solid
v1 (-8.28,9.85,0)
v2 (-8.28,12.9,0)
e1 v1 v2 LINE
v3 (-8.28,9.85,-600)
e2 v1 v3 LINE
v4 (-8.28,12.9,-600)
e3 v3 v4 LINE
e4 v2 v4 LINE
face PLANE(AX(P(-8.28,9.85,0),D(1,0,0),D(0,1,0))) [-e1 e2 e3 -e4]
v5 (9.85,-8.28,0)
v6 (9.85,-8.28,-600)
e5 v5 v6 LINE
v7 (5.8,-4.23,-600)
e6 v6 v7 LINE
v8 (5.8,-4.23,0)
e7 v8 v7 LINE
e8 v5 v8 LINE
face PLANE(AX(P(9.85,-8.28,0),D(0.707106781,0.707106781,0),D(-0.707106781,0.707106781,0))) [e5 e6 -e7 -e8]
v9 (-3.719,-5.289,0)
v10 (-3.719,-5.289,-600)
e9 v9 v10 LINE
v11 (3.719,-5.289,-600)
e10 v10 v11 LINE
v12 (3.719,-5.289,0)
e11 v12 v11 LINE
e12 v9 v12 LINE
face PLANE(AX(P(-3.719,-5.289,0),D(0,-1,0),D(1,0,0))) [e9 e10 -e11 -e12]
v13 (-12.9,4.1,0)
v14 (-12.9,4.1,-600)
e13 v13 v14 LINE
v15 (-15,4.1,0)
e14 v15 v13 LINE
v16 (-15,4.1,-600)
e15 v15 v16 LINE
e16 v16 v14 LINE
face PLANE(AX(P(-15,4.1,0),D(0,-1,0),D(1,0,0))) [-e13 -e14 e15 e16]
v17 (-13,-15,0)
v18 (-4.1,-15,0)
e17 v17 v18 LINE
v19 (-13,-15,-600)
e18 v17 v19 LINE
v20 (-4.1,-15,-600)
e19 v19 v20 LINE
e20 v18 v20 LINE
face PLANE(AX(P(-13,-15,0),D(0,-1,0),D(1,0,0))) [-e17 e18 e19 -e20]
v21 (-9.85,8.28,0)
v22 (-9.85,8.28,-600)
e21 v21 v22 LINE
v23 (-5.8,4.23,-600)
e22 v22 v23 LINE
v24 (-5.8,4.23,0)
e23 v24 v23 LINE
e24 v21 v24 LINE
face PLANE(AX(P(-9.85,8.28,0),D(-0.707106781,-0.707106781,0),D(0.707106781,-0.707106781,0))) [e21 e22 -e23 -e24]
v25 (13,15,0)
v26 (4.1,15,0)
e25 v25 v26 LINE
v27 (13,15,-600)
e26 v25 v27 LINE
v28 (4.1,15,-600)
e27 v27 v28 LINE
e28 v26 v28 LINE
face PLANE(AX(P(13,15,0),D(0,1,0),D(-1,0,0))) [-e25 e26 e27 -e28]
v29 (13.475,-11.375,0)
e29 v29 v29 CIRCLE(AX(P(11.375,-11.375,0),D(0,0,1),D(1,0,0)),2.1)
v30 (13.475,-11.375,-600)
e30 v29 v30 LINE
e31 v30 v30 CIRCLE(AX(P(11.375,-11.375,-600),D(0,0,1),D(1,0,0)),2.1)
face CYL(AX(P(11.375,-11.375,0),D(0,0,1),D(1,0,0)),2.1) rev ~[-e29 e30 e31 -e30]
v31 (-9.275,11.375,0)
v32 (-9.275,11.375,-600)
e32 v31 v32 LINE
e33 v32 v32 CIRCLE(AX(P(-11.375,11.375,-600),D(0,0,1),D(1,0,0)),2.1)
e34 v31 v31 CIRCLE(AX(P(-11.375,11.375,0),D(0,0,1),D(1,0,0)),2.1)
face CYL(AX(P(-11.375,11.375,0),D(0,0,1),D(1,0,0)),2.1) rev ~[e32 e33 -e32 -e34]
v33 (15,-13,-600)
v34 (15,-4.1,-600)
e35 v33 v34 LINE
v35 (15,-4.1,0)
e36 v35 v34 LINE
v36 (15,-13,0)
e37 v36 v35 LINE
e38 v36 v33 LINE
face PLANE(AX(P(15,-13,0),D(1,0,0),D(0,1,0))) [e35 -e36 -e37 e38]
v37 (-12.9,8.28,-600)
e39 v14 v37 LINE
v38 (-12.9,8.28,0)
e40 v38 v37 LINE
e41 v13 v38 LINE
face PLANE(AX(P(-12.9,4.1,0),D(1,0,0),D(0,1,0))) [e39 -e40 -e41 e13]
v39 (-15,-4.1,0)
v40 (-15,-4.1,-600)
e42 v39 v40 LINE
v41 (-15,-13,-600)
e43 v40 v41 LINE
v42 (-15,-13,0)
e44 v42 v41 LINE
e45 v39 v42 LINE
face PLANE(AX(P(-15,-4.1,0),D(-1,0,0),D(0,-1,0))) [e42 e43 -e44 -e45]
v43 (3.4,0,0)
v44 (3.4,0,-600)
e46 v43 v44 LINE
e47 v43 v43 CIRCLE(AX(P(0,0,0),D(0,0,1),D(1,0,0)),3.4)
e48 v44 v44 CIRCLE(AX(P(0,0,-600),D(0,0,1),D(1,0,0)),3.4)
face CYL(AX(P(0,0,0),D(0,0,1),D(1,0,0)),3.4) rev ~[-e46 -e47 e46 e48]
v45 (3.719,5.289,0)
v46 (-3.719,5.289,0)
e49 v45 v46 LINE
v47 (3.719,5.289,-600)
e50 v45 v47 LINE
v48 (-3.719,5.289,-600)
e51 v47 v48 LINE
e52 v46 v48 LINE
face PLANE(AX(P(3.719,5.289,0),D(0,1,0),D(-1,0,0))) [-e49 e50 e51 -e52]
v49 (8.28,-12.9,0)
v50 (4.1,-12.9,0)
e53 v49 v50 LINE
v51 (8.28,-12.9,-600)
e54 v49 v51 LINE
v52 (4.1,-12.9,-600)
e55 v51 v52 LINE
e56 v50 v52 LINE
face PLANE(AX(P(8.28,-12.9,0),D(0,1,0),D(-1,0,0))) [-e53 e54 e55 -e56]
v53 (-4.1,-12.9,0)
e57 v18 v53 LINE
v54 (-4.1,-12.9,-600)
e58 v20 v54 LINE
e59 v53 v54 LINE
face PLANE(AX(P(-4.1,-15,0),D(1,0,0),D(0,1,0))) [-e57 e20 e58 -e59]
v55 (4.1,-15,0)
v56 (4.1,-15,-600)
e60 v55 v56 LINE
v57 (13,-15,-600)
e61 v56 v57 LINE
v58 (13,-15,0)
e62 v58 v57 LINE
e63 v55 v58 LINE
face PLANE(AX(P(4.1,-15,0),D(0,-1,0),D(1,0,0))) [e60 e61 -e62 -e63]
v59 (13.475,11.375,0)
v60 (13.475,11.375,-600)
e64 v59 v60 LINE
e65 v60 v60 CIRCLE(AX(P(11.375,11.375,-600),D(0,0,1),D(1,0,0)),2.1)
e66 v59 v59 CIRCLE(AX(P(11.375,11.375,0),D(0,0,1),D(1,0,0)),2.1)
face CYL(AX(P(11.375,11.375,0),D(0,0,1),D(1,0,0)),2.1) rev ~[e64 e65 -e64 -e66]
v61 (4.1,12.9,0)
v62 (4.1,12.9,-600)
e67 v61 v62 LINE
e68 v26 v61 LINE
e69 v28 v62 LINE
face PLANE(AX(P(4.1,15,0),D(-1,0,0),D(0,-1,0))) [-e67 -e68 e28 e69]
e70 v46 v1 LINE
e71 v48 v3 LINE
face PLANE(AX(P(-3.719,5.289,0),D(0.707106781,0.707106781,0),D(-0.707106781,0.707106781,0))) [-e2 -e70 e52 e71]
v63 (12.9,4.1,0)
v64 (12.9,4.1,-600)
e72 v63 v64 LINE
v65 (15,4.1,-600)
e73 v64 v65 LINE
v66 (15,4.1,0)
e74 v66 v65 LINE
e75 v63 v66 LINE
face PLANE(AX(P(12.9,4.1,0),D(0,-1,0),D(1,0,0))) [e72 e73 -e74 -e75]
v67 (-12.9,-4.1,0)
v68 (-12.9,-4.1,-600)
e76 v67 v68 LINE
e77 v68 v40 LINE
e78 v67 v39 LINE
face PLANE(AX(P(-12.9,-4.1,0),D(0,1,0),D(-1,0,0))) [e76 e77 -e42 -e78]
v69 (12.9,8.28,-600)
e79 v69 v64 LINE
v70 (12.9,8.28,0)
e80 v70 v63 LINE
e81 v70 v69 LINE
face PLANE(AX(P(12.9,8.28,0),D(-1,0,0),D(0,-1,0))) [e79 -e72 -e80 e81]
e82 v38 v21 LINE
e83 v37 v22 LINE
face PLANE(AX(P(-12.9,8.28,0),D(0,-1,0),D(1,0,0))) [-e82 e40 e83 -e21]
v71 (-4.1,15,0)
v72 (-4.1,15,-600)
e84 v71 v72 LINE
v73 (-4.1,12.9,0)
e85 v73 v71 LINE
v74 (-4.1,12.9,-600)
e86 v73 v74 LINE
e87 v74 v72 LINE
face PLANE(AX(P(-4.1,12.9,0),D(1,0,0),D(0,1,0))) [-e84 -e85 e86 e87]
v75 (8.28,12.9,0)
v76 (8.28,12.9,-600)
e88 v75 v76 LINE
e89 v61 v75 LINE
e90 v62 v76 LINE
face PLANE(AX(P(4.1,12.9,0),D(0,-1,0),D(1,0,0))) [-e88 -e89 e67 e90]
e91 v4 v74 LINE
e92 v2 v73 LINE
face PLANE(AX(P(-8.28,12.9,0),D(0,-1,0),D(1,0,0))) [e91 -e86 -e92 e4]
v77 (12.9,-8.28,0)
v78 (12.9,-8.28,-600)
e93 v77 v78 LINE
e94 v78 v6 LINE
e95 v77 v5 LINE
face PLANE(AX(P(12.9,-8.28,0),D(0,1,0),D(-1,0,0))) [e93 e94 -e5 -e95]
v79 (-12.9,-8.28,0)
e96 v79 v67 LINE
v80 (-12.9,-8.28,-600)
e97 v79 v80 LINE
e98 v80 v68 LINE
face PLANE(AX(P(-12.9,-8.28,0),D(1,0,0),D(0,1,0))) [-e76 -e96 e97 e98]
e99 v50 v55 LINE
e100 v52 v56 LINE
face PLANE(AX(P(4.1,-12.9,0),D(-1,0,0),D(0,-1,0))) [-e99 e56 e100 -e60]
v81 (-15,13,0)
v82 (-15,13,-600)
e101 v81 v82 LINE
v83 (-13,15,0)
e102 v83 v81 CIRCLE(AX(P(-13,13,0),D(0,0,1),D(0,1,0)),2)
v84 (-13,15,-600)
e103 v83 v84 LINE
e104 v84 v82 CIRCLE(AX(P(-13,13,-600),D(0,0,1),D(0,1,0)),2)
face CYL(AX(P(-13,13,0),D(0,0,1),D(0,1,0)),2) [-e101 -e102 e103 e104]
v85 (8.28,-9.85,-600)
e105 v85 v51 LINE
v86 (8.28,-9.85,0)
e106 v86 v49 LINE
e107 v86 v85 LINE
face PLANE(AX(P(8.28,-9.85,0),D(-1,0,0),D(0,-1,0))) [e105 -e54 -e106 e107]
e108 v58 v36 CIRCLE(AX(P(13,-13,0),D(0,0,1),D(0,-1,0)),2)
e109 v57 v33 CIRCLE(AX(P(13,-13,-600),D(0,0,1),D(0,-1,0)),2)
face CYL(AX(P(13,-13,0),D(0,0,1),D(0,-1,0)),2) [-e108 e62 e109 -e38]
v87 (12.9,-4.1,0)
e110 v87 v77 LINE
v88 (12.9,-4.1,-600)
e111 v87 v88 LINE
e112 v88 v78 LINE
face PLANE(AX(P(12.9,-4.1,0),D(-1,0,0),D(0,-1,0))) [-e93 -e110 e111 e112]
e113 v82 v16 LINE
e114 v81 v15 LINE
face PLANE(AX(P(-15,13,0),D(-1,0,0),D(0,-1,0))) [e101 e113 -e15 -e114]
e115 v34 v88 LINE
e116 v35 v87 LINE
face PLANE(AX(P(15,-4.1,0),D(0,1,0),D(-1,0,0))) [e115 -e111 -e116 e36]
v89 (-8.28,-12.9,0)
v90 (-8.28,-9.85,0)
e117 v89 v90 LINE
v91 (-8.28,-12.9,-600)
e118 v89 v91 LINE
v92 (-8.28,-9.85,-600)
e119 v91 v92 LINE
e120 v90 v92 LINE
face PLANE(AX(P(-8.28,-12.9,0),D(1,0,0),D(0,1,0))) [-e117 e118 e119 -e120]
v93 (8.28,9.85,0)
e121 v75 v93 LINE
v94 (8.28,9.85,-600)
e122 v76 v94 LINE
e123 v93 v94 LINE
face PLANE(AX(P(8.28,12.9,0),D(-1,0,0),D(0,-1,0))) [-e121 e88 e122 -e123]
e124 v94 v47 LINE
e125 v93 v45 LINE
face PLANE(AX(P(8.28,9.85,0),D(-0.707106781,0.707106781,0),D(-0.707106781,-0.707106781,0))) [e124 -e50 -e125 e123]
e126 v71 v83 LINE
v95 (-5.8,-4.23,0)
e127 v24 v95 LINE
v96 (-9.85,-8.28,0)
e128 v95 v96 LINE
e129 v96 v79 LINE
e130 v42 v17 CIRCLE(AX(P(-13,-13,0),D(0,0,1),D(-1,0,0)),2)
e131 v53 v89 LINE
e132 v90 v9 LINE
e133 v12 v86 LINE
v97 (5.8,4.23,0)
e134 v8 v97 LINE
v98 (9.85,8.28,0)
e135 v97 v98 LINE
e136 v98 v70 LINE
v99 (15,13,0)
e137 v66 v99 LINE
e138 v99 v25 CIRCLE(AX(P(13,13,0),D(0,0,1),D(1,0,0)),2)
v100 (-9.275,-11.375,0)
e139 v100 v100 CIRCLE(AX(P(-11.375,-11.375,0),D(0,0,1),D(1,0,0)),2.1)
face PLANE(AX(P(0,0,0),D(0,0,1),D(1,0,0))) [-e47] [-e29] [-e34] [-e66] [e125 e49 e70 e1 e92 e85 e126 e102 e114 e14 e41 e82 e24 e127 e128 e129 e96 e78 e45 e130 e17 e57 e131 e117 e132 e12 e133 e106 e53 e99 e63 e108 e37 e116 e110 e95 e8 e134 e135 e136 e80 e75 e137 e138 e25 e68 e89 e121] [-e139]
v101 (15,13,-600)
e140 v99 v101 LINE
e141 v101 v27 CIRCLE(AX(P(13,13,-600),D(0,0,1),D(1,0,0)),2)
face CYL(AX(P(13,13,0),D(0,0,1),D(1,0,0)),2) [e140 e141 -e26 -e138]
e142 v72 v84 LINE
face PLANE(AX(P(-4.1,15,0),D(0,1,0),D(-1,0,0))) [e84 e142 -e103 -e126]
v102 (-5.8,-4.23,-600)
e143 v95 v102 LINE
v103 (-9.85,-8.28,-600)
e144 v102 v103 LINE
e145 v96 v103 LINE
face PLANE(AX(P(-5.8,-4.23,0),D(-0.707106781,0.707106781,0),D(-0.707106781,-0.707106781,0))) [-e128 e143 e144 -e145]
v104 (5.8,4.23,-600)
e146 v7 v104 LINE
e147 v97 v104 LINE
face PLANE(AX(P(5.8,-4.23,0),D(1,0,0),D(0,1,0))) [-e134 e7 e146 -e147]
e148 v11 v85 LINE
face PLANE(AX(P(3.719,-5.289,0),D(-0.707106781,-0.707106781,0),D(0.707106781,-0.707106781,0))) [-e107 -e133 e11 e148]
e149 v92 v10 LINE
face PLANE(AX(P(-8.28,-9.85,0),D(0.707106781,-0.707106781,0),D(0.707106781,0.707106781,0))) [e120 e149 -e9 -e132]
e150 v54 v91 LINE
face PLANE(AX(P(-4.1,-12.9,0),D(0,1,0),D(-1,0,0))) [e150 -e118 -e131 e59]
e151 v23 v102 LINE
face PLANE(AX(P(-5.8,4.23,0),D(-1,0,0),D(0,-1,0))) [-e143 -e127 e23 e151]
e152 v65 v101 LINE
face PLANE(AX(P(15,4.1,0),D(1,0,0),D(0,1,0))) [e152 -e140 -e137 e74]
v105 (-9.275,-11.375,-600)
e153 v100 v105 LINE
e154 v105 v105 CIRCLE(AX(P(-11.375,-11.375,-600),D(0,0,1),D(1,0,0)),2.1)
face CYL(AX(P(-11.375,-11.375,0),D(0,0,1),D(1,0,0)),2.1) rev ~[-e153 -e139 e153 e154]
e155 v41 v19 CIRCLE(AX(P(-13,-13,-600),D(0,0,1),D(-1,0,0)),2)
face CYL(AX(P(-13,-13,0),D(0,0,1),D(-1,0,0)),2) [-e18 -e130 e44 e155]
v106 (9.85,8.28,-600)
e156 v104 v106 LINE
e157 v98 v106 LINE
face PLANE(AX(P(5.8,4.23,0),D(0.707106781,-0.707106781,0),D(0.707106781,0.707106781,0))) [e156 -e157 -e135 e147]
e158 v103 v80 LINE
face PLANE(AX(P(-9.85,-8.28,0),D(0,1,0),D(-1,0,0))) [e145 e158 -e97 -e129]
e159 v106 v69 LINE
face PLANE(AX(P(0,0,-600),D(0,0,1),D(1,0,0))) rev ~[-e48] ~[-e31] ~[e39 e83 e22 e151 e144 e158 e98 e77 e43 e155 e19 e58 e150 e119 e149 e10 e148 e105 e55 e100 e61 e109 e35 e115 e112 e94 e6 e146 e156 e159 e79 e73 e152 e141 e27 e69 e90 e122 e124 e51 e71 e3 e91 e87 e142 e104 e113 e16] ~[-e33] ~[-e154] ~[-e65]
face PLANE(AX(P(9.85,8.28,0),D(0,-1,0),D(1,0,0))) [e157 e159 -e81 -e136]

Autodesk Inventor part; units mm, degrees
ref_plane "YZ Plane" through (0, 0, 0) normal (1, 0, 0) x (0, 1, 0)
ref_plane "XZ Plane" through (0, 0, 0) normal (0, 1, 0) x (-1, 0, 0)
ref_plane "XY Plane" through (0, 0, 0) normal (0, 0, 1) x (1, 0, 0)
sketch "Sketch1" plane through (0, 0, 0) normal (0, 0, 1) x (1, 0, 0)
  circle A0 centre (-11.375, 11.375) radius 2.1
  circle A1 centre (-11.375, -11.375) radius 2.1
  line L0 (-15, 4.1) -> (-12.9, 4.1)
  line L1 (-12.9, 4.1) -> (-12.9, 8.28)
  line L2 (-12.9, 8.28) -> (-9.85, 8.28)
  line L3 (-9.85, 8.28) -> (-5.8, 4.23)
  line L4 (-5.8, 4.23) -> (-5.8, -4.23)
  line L5 (-5.8, -4.23) -> (-9.85, -8.28)
  line L6 (-9.85, -8.28) -> (-12.9, -8.28)
  line L7 (-12.9, -8.28) -> (-12.9, -4.1)
  line L8 (-12.9, -4.1) -> (-15, -4.1)
  line L9 (-15, -4.1) -> (-15, -13)
  arc A2 (-15, -13) -> (-13, -15) centre (-13, -13) ccw
  line L10 (-13, -15) -> (-4.1, -15)
  line L11 (-4.1, -15) -> (-4.1, -12.9)
  line L12 (-4.1, -12.9) -> (-8.28, -12.9)
  line L13 (-8.28, -12.9) -> (-8.28, -9.85)
  line L14 (-8.28, -9.85) -> (-3.719, -5.289)
  line L15 (-3.719, -5.289) -> (3.719, -5.289)
  line L16 (3.719, -5.289) -> (8.28, -9.85)
  line L17 (8.28, -9.85) -> (8.28, -12.9)
  line L18 (8.28, -12.9) -> (4.1, -12.9)
  line L19 (4.1, -12.9) -> (4.1, -15)
  line L20 (4.1, -15) -> (13, -15)
  arc A3 (13, -15) -> (15, -13) centre (13, -13) ccw
  line L21 (15, -13) -> (15, -4.1)
  line L22 (15, -4.1) -> (12.9, -4.1)
  line L23 (12.9, -4.1) -> (12.9, -8.28)
  line L24 (12.9, -8.28) -> (9.85, -8.28)
  line L25 (9.85, -8.28) -> (5.8, -4.23)
  line L26 (5.8, -4.23) -> (5.8, 4.23)
  line L27 (5.8, 4.23) -> (9.85, 8.28)
  line L28 (9.85, 8.28) -> (12.9, 8.28)
  line L29 (12.9, 8.28) -> (12.9, 4.1)
  line L30 (12.9, 4.1) -> (15, 4.1)
  line L31 (15, 4.1) -> (15, 13)
  arc A4 (15, 13) -> (13, 15) centre (13, 13) ccw
  line L32 (13, 15) -> (4.1, 15)
  line L33 (4.1, 15) -> (4.1, 12.9)
  line L34 (4.1, 12.9) -> (8.28, 12.9)
  line L35 (8.28, 12.9) -> (8.28, 9.85)
  line L36 (8.28, 9.85) -> (3.719, 5.289)
  line L37 (3.719, 5.289) -> (-3.719, 5.289)
  line L38 (-3.719, 5.289) -> (-8.28, 9.85)
  line L39 (-8.28, 9.85) -> (-8.28, 12.9)
  line L40 (-8.28, 12.9) -> (-4.1, 12.9)
  line L41 (-4.1, 12.9) -> (-4.1, 15)
  line L42 (-4.1, 15) -> (-13, 15)
  arc A5 (-13, 15) -> (-15, 13) centre (-13, 13) ccw
  line L43 (-15, 13) -> (-15, 4.1)
  circle A6 centre (0, 0) radius 3.4
  circle A7 centre (11.375, 11.375) radius 2.1
  circle A8 centre (11.375, -11.375) radius 2.1
extrude "Extrusion1" add sketch "Sketch1" against normal blind 600
properties part number "Metal_Profile 60cm" material "Aluminum 6061-AHC"
